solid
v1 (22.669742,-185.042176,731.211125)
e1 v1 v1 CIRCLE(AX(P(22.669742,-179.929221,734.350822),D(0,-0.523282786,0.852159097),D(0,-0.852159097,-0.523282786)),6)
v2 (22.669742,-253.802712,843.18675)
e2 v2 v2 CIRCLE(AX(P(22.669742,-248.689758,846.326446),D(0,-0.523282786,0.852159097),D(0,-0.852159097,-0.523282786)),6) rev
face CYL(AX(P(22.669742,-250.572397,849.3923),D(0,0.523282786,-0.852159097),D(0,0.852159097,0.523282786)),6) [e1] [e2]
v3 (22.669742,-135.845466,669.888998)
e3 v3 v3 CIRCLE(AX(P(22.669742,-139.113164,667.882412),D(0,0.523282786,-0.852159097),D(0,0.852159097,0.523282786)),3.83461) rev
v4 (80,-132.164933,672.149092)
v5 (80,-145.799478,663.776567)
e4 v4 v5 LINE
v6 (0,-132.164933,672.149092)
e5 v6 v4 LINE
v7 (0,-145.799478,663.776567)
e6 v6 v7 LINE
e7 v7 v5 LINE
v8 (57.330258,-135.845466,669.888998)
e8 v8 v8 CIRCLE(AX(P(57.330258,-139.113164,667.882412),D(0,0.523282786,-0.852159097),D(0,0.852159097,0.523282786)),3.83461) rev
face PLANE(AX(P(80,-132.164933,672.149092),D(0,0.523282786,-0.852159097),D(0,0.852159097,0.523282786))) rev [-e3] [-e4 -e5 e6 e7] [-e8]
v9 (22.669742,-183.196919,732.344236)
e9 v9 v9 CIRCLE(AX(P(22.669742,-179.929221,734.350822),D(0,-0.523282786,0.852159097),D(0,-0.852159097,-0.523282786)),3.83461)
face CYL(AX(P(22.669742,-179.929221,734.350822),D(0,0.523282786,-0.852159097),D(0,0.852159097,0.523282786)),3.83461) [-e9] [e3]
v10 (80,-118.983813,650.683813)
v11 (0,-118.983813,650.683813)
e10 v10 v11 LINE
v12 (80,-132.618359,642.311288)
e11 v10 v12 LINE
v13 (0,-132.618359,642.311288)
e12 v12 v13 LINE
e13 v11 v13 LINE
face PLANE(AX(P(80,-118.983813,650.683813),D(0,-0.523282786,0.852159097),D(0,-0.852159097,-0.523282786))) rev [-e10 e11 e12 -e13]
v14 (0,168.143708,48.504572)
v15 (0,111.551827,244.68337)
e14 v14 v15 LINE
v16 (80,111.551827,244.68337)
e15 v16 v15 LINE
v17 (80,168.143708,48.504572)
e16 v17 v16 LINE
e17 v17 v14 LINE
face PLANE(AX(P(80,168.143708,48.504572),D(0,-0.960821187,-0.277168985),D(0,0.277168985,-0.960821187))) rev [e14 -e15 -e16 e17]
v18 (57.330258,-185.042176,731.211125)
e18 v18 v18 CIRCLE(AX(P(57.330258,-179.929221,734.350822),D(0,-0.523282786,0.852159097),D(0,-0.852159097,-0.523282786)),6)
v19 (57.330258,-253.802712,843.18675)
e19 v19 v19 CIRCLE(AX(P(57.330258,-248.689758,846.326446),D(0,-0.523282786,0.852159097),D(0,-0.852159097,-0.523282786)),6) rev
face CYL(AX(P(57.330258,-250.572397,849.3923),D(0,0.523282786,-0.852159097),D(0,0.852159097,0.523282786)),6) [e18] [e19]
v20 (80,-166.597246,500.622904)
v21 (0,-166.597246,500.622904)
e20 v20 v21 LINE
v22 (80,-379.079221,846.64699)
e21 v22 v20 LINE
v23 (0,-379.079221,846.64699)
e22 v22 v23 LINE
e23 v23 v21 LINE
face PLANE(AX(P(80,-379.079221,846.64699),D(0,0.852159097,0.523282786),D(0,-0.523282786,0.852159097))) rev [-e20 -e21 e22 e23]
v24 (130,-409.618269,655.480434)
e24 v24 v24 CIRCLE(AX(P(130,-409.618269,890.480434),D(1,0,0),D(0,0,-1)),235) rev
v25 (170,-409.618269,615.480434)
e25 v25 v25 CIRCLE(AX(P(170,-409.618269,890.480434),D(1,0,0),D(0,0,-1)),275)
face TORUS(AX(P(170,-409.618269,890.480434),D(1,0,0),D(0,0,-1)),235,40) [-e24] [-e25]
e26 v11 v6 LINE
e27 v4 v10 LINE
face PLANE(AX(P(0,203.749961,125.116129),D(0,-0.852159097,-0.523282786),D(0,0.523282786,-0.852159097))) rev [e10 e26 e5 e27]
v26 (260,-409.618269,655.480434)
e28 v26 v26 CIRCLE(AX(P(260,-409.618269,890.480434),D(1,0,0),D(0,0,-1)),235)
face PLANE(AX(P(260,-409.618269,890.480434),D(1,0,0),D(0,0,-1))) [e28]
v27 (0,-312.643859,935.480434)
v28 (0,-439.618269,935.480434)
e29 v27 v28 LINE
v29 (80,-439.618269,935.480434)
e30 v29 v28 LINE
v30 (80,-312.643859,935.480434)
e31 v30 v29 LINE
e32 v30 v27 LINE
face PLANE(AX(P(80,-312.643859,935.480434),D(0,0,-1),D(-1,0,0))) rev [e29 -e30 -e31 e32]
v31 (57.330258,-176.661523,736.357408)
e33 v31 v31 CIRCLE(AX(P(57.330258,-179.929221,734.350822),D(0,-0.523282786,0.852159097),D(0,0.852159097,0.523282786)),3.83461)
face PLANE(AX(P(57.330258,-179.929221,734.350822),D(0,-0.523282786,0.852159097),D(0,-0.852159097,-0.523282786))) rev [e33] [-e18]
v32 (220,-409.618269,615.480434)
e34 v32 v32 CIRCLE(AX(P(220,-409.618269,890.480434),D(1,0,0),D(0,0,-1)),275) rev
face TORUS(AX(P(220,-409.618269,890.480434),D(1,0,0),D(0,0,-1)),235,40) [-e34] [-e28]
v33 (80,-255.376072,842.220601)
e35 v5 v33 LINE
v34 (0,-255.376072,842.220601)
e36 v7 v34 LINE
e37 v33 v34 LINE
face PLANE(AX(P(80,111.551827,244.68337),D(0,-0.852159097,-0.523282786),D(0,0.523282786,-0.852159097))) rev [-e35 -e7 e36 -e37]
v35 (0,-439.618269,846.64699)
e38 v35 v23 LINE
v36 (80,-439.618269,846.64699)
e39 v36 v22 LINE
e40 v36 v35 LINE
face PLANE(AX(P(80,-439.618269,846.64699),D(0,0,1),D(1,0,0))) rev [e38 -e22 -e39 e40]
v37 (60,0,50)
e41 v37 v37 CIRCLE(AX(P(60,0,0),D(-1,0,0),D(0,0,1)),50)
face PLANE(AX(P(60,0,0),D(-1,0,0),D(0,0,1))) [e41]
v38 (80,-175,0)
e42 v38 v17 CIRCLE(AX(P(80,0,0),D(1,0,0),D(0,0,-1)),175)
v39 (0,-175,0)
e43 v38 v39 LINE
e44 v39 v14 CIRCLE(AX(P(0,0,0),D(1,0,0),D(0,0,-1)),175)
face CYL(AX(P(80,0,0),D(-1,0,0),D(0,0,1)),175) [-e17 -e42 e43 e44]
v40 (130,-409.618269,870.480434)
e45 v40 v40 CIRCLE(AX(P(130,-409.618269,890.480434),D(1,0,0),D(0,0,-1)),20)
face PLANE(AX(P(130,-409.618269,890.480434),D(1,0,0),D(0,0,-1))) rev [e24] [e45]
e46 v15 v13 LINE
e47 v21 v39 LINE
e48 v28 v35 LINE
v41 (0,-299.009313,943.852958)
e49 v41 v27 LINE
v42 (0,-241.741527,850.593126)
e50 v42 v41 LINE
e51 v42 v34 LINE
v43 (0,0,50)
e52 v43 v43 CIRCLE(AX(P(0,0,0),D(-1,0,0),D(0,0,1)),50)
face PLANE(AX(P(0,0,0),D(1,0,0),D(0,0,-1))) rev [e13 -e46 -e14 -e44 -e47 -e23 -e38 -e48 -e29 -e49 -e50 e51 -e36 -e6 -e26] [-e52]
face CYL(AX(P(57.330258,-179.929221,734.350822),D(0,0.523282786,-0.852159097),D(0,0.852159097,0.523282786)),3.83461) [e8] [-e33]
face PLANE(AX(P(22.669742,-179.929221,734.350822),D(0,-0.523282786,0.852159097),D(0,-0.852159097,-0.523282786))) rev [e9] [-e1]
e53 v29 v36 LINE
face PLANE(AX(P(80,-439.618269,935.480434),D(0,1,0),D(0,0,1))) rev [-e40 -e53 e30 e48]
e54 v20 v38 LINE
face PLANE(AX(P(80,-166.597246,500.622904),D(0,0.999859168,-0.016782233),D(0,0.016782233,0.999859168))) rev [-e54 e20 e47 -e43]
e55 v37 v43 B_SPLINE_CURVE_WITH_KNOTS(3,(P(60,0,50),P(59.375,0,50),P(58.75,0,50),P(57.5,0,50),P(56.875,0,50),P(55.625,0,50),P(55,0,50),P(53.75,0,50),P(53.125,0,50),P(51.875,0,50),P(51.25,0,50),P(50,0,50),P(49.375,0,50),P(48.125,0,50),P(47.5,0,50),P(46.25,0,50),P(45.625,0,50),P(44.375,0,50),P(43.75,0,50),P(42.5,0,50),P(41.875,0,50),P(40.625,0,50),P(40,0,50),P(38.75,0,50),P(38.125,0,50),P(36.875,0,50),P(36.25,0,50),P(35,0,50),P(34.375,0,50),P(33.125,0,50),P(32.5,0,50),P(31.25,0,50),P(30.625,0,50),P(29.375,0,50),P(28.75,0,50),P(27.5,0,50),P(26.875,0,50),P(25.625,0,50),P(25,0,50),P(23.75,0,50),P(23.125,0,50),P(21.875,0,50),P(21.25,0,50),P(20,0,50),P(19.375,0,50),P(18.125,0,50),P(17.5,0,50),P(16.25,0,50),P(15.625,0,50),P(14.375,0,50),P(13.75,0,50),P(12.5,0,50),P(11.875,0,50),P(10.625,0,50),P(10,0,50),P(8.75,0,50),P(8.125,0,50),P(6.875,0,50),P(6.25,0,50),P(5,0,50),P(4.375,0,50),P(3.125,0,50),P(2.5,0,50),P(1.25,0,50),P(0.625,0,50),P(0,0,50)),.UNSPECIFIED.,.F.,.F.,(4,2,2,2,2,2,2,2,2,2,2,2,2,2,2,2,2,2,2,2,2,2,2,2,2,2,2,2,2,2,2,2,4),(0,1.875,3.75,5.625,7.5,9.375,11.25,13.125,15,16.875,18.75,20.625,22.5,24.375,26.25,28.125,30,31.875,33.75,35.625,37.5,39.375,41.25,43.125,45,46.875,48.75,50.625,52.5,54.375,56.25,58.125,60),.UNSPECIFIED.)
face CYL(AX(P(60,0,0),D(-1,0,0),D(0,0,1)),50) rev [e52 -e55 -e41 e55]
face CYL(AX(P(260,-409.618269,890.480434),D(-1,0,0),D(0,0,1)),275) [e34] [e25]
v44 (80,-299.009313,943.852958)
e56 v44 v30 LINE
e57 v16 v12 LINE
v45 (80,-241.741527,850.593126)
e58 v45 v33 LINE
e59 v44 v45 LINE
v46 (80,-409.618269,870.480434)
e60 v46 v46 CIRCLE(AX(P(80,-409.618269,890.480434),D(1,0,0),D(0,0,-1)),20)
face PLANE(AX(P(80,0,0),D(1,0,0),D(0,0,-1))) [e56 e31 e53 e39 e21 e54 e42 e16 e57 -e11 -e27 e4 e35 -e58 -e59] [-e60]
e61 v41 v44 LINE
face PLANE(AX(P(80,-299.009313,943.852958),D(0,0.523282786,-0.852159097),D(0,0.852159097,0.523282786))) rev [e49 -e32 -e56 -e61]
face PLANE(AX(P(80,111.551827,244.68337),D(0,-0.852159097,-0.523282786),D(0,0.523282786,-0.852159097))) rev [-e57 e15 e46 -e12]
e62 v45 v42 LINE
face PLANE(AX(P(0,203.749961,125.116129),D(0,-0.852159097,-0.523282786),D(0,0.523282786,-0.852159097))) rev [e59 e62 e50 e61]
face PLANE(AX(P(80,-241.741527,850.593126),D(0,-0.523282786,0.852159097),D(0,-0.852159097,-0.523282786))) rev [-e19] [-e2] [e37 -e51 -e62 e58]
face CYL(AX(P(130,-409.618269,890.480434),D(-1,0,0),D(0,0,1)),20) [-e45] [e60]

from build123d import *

# Parameters (mm, degrees)
BOSS_EXTRUDE1_DEPTH = 80
SKETCH3_R           = 50
CUT_EXTRUDE1_DEPTH  = 60
SKETCH4_W           = 80
SKETCH4_H           = 25.189285717
BOSS_EXTRUDE2_DEPTH = 16
SKETCH5_W           = 80
SKETCH5_H           = 109.43946138
BOSS_EXTRUDE3_DEPTH = 16
SKETCH6_R           = 3.834610425
BOSS_EXTRUDE4_DEPTH = 78
SKETCH7_R           = 6
BOSS_EXTRUDE5_DEPTH = 135
SKETCH9_R           = 20
BOSS_EXTRUDE6_DEPTH = 50
SKETCH10_R          = 275
BOSS_EXTRUDE7_DEPTH = 130
FILLET1_R           = 40


with BuildPart() as part:
    # Sketch1 → Boss-Extrude1 (new body)
    with BuildSketch(Plane(origin=(0, 0, 0), x_dir=(0, 0, -1), z_dir=(1, 0, 0))):
        with BuildLine():
            Line((-48.50457236, 168.143707763), (-244.683369844, 111.551826897))
            Line((-244.683369844, 111.551826897), (-935.480433622, -312.64385861))
            Line((-935.480433622, -312.64385861), (-935.480433622, -439.618269219))
            Line((-935.480433622, -439.618269219), (-846.646989911, -439.618269219))
            Line((-846.646989911, -439.618269219), (-846.646989911, -379.079220955))
            Line((-846.646989911, -379.079220955), (-500.622904168, -166.597246219))
            Line((-500.622904168, -166.597246219), (0, -175))
            ThreePointArc((0, -175), (173.277449281, 24.4933781), (-48.50457236, 168.143707763))
        make_face()
    extrude(amount=BOSS_EXTRUDE1_DEPTH)

    # Sketch3 → Cut-Extrude1 (cut)
    with BuildSketch(Plane.ZY):
        Circle(SKETCH3_R)
    extrude(amount=-CUT_EXTRUDE1_DEPTH, mode=Mode.SUBTRACT)

    # Sketch4 → Boss-Extrude2 (add)
    with BuildSketch(Plane(origin=(0, 190.115415773, 116.743604378), x_dir=(1, 0, 0), z_dir=(0, 0.8521590965506677, 0.5232827860401581))):
        with Locations((40, -629.342954153)):
            Rectangle(SKETCH4_W, SKETCH4_H)
    extrude(amount=BOSS_EXTRUDE2_DEPTH)

    # Sketch5 → Boss-Extrude3 (add)
    with BuildSketch(Plane(origin=(0, 190.115415773, 116.743604378), x_dir=(1, 0, 0), z_dir=(0, 0.8521590965506677, 0.5232827860401581))):
        with Locations((40, -906.059579837)):
            Rectangle(SKETCH5_W, SKETCH5_H)
    extrude(amount=BOSS_EXTRUDE3_DEPTH)

    # Sketch6 → Boss-Extrude4 (add)
    with BuildSketch(Plane(origin=(0, -335.914894228, 547.032962711), x_dir=(1, 0, 0), z_dir=(0, -0.5232827860401581, 0.8521590965506677))):
        with Locations(Location((22.669741736, 230.944821583, 0), (0, 0, 90))):
            Circle(SKETCH6_R)
        with Locations(Location((57.330258264, 230.944821583, 0), (0, 0, 90))):
            Circle(SKETCH6_R)
    extrude(amount=BOSS_EXTRUDE4_DEPTH)

    # Sketch7 → Boss-Extrude5 (add)
    with BuildSketch(Plane(origin=(0, -376.730951539, 613.501372242), x_dir=(1, 0, 0), z_dir=(0, -0.5232827860401581, 0.8521590965506677))):
        with Locations(Location((22.669741736, 230.944821583, 0), (0, 0, 270))):
            Circle(SKETCH7_R)
        with Locations(Location((57.330258264, 230.944821583, 0), (0, 0, 270))):
            Circle(SKETCH7_R)
    extrude(amount=BOSS_EXTRUDE5_DEPTH)

    # Sketch9 → Boss-Extrude6 (add)
    with BuildSketch(Plane(origin=(80, 0, 0), x_dir=(0, 0, -1), z_dir=(1, 0, 0))):
        with Locations((-890.480433622, -409.618269219)):
            Circle(SKETCH9_R)
    extrude(amount=BOSS_EXTRUDE6_DEPTH)

    # Sketch10 → Boss-Extrude7 (add)
    with BuildSketch(Plane(origin=(130, 0, 0), x_dir=(0, 0, -1), z_dir=(1, 0, 0))):
        with Locations((-890.480433622, -409.618269219)):
            Circle(SKETCH10_R)
    extrude(amount=BOSS_EXTRUDE7_DEPTH)

    # Fillet1
    fillet1_edges = [part.edges().sort_by_distance(p)[0] for p in [
        (130, -409.618269219, 1165.480433622),
        (260, -409.618269219, 1165.480433622),
    ]]
    fillet(fillet1_edges, radius=FILLET1_R)


solid = part.part
